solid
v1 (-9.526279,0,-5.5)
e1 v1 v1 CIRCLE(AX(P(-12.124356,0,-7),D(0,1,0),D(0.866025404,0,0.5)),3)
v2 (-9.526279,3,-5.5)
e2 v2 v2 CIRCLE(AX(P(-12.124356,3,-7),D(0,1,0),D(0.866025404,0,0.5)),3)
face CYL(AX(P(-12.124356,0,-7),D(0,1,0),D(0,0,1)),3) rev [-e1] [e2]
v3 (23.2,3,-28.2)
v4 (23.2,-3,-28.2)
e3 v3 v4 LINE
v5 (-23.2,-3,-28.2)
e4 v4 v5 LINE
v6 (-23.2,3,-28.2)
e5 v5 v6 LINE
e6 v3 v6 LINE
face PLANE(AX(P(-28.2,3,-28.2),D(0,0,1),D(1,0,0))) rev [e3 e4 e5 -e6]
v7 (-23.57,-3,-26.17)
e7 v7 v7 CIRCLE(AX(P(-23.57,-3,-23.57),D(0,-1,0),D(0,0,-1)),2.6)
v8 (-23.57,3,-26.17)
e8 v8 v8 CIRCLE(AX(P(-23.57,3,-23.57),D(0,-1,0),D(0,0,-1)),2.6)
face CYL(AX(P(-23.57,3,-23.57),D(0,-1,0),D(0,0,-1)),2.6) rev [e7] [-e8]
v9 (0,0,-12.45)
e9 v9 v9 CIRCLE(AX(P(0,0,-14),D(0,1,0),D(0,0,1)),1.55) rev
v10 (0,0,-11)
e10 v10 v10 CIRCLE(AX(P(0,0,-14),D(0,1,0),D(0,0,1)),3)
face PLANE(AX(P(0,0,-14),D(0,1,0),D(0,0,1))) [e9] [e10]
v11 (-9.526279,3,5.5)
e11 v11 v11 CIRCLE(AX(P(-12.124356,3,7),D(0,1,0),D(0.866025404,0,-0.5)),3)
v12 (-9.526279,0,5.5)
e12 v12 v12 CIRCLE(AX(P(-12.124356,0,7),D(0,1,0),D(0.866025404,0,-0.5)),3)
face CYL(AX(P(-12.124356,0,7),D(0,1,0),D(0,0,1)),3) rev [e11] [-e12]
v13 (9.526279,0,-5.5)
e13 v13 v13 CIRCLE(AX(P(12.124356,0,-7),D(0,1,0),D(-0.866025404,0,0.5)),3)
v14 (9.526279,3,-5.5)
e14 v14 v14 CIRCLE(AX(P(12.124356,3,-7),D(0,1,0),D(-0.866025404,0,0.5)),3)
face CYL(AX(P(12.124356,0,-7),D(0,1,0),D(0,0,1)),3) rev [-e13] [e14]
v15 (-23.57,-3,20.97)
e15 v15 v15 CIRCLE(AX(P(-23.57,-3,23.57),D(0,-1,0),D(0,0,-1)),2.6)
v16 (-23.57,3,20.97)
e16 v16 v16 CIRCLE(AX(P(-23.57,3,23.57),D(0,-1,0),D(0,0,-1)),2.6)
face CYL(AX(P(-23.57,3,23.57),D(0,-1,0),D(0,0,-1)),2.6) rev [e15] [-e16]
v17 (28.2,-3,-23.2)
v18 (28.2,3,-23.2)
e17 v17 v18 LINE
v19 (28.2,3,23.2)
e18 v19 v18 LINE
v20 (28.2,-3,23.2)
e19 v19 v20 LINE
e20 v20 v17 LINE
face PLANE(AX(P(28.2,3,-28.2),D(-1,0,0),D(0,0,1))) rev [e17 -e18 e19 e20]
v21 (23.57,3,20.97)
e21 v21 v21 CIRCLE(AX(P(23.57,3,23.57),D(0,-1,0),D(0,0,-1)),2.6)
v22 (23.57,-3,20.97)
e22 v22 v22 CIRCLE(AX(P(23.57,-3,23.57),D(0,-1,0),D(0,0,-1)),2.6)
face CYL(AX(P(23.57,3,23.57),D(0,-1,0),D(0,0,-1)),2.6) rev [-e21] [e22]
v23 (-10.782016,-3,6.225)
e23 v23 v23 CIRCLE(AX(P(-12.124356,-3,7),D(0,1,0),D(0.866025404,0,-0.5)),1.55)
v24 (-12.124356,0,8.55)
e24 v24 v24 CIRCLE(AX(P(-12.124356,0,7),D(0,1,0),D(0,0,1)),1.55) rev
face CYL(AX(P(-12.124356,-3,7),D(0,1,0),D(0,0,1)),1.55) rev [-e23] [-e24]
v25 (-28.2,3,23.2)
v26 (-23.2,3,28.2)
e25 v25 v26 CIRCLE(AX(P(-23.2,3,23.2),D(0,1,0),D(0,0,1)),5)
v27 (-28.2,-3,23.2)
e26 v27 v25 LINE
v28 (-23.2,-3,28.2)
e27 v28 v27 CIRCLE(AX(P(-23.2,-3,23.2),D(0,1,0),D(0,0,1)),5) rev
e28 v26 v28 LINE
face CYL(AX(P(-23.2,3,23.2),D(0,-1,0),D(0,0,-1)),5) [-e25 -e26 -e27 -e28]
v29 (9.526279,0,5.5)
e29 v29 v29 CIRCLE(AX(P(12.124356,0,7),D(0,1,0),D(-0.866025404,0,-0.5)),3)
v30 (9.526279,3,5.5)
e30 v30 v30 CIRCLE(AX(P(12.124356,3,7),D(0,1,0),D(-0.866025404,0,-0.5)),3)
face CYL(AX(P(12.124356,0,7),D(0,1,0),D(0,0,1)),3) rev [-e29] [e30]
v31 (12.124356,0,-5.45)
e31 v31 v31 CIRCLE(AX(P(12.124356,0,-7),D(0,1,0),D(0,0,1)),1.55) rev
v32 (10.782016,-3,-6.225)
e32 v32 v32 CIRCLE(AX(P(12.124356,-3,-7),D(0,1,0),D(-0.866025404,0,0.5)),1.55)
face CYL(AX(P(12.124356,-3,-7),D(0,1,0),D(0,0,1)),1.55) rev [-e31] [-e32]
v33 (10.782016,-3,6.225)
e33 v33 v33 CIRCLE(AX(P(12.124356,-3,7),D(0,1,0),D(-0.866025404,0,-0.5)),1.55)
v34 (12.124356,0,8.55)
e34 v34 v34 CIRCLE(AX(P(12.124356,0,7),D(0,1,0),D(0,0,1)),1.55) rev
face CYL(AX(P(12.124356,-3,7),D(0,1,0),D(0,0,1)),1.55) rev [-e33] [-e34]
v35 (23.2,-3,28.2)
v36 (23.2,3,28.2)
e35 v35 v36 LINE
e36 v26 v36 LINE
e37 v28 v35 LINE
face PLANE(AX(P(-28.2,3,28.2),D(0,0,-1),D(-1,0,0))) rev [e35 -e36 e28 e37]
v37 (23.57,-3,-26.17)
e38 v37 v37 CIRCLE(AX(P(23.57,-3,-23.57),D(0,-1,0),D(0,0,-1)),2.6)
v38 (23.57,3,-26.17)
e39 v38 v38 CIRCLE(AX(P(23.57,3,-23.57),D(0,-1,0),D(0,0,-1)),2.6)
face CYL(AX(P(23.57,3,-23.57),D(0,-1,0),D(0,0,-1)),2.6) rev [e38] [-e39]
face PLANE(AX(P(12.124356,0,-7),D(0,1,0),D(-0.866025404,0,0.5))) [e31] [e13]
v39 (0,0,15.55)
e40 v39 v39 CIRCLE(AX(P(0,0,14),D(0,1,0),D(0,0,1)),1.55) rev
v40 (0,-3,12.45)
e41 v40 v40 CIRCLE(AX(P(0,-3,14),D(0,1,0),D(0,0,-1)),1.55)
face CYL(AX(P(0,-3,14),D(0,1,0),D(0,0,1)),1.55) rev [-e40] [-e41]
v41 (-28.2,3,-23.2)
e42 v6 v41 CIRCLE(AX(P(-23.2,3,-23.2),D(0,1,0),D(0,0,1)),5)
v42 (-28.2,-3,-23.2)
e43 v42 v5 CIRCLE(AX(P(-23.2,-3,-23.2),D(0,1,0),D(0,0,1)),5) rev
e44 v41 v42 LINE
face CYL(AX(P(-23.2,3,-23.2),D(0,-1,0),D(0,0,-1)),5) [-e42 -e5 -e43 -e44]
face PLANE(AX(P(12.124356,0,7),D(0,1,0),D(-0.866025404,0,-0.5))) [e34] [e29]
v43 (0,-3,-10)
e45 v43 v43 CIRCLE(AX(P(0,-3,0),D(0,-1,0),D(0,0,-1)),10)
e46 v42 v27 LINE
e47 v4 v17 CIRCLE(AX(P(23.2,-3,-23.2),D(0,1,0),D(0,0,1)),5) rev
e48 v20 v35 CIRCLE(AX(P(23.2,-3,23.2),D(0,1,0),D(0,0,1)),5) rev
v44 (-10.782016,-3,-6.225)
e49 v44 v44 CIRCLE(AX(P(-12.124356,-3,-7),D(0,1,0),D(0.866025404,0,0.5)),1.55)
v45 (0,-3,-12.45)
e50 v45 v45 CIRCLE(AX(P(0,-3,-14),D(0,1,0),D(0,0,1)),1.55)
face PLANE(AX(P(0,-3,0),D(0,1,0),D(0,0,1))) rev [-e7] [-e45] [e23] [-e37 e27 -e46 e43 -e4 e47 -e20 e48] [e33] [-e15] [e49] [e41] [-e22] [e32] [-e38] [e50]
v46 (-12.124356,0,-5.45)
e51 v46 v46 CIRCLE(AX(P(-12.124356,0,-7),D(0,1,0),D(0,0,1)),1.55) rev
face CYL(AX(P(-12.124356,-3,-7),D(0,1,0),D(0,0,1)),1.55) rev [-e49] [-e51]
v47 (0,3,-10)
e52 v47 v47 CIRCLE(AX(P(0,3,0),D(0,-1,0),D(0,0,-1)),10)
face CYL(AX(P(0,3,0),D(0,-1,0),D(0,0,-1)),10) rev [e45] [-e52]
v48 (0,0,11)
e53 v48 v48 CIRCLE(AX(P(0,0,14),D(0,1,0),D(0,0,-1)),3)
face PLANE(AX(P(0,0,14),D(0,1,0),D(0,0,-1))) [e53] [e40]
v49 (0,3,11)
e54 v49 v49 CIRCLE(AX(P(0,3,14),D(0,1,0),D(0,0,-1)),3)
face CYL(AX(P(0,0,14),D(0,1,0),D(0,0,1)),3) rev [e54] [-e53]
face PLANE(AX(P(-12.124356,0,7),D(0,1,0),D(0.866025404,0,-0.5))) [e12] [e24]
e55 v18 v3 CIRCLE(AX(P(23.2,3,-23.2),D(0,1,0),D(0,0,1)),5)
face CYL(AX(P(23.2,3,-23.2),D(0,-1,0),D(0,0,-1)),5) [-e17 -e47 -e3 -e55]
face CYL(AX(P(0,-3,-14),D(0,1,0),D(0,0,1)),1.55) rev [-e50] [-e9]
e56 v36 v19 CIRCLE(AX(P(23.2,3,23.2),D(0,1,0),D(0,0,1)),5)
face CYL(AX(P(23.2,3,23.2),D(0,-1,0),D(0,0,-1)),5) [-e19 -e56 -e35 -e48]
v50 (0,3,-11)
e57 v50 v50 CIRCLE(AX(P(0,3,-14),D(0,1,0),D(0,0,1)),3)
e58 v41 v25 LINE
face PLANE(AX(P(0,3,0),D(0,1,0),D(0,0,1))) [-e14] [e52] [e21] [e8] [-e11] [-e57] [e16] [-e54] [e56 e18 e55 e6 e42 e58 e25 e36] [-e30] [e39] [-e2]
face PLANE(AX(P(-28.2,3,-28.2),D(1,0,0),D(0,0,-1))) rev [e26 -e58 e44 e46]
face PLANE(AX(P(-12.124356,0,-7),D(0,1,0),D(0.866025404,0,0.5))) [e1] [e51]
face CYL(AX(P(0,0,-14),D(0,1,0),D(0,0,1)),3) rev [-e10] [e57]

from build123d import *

# Parameters (mm, degrees)
SKETCH1_W           = 56.4
SKETCH1_H           = 56.4
BOSS_EXTRUDE1_DEPTH = 3
FILLET1_R           = 5
SKETCH2_R           = 2.6
CUT_EXTRUDE1_DEPTH  = 7
SKETCH4_R           = 10
CUT_EXTRUDE3_DEPTH  = 7
SKETCH5_R           = 1.55
CUT_EXTRUDE4_DEPTH  = 7
SKETCH6_R           = 3
CUT_EXTRUDE5_DEPTH  = 3
CIRPATTERN1_COUNT   = 6


with BuildPart() as part:
    # Sketch1 → Boss-Extrude1 (new body, symmetric)
    with BuildSketch(Plane(origin=(0, 0, 0), x_dir=(1, 0, 0), z_dir=(0, 1, 0))):
        Rectangle(SKETCH1_W, SKETCH1_H)
    extrude(amount=BOSS_EXTRUDE1_DEPTH, both=True)

    # Fillet1
    fillet1_edges = [part.edges().sort_by_distance(p)[0] for p in [
        (28.2, 0, 28.2),
        (-28.2, 0, 28.2),
        (-28.2, 0, -28.2),
        (28.2, 0, -28.2),
    ]]
    fillet(fillet1_edges, radius=FILLET1_R)

    # Sketch2 → Cut-Extrude1 (cut, through all)
    with BuildSketch(Plane.XZ.offset(3)):
        with Locations((-23.57, 23.57)):
            Circle(SKETCH2_R)
        with Locations((23.57, 23.57)):
            Circle(SKETCH2_R)
        with Locations((23.57, -23.57)):
            Circle(SKETCH2_R)
        with Locations((-23.57, -23.57)):
            Circle(SKETCH2_R)
    extrude(amount=-CUT_EXTRUDE1_DEPTH, mode=Mode.SUBTRACT)

    # Sketch4 → Cut-Extrude3 (cut, through all)
    with BuildSketch(Plane.XZ.offset(3)):
        Circle(SKETCH4_R)
    extrude(amount=-CUT_EXTRUDE3_DEPTH, mode=Mode.SUBTRACT)

    # Sketch5 → Cut-Extrude4 (cut, through all)
    with BuildSketch(Plane(origin=(0, 3, 0), x_dir=(1, 0, 0), z_dir=(0, 1, 0))):
        with Locations((0, 14)):
            Circle(SKETCH5_R)
    cut_extrude4 = extrude(amount=-CUT_EXTRUDE4_DEPTH, mode=Mode.SUBTRACT)

    # Sketch6 → Cut-Extrude5 (cut)
    with BuildSketch(Plane(origin=(0, 3, 0), x_dir=(1, 0, 0), z_dir=(0, 1, 0))):
        with Locations((0, 14)):
            Circle(SKETCH6_R)
    cut_extrude5 = extrude(amount=-CUT_EXTRUDE5_DEPTH, mode=Mode.SUBTRACT)

    # CirPattern1: Cut-Extrude4, Cut-Extrude5 ×6 about axis
    cirpattern1_axis = Axis((0, 0, 0), (0, 1, 0))
    for i in range(1, CIRPATTERN1_COUNT):
        add(cut_extrude4.rotate(cirpattern1_axis, i * 360 / CIRPATTERN1_COUNT), mode=Mode.SUBTRACT)
        add(cut_extrude5.rotate(cirpattern1_axis, i * 360 / CIRPATTERN1_COUNT), mode=Mode.SUBTRACT)


solid = part.part
